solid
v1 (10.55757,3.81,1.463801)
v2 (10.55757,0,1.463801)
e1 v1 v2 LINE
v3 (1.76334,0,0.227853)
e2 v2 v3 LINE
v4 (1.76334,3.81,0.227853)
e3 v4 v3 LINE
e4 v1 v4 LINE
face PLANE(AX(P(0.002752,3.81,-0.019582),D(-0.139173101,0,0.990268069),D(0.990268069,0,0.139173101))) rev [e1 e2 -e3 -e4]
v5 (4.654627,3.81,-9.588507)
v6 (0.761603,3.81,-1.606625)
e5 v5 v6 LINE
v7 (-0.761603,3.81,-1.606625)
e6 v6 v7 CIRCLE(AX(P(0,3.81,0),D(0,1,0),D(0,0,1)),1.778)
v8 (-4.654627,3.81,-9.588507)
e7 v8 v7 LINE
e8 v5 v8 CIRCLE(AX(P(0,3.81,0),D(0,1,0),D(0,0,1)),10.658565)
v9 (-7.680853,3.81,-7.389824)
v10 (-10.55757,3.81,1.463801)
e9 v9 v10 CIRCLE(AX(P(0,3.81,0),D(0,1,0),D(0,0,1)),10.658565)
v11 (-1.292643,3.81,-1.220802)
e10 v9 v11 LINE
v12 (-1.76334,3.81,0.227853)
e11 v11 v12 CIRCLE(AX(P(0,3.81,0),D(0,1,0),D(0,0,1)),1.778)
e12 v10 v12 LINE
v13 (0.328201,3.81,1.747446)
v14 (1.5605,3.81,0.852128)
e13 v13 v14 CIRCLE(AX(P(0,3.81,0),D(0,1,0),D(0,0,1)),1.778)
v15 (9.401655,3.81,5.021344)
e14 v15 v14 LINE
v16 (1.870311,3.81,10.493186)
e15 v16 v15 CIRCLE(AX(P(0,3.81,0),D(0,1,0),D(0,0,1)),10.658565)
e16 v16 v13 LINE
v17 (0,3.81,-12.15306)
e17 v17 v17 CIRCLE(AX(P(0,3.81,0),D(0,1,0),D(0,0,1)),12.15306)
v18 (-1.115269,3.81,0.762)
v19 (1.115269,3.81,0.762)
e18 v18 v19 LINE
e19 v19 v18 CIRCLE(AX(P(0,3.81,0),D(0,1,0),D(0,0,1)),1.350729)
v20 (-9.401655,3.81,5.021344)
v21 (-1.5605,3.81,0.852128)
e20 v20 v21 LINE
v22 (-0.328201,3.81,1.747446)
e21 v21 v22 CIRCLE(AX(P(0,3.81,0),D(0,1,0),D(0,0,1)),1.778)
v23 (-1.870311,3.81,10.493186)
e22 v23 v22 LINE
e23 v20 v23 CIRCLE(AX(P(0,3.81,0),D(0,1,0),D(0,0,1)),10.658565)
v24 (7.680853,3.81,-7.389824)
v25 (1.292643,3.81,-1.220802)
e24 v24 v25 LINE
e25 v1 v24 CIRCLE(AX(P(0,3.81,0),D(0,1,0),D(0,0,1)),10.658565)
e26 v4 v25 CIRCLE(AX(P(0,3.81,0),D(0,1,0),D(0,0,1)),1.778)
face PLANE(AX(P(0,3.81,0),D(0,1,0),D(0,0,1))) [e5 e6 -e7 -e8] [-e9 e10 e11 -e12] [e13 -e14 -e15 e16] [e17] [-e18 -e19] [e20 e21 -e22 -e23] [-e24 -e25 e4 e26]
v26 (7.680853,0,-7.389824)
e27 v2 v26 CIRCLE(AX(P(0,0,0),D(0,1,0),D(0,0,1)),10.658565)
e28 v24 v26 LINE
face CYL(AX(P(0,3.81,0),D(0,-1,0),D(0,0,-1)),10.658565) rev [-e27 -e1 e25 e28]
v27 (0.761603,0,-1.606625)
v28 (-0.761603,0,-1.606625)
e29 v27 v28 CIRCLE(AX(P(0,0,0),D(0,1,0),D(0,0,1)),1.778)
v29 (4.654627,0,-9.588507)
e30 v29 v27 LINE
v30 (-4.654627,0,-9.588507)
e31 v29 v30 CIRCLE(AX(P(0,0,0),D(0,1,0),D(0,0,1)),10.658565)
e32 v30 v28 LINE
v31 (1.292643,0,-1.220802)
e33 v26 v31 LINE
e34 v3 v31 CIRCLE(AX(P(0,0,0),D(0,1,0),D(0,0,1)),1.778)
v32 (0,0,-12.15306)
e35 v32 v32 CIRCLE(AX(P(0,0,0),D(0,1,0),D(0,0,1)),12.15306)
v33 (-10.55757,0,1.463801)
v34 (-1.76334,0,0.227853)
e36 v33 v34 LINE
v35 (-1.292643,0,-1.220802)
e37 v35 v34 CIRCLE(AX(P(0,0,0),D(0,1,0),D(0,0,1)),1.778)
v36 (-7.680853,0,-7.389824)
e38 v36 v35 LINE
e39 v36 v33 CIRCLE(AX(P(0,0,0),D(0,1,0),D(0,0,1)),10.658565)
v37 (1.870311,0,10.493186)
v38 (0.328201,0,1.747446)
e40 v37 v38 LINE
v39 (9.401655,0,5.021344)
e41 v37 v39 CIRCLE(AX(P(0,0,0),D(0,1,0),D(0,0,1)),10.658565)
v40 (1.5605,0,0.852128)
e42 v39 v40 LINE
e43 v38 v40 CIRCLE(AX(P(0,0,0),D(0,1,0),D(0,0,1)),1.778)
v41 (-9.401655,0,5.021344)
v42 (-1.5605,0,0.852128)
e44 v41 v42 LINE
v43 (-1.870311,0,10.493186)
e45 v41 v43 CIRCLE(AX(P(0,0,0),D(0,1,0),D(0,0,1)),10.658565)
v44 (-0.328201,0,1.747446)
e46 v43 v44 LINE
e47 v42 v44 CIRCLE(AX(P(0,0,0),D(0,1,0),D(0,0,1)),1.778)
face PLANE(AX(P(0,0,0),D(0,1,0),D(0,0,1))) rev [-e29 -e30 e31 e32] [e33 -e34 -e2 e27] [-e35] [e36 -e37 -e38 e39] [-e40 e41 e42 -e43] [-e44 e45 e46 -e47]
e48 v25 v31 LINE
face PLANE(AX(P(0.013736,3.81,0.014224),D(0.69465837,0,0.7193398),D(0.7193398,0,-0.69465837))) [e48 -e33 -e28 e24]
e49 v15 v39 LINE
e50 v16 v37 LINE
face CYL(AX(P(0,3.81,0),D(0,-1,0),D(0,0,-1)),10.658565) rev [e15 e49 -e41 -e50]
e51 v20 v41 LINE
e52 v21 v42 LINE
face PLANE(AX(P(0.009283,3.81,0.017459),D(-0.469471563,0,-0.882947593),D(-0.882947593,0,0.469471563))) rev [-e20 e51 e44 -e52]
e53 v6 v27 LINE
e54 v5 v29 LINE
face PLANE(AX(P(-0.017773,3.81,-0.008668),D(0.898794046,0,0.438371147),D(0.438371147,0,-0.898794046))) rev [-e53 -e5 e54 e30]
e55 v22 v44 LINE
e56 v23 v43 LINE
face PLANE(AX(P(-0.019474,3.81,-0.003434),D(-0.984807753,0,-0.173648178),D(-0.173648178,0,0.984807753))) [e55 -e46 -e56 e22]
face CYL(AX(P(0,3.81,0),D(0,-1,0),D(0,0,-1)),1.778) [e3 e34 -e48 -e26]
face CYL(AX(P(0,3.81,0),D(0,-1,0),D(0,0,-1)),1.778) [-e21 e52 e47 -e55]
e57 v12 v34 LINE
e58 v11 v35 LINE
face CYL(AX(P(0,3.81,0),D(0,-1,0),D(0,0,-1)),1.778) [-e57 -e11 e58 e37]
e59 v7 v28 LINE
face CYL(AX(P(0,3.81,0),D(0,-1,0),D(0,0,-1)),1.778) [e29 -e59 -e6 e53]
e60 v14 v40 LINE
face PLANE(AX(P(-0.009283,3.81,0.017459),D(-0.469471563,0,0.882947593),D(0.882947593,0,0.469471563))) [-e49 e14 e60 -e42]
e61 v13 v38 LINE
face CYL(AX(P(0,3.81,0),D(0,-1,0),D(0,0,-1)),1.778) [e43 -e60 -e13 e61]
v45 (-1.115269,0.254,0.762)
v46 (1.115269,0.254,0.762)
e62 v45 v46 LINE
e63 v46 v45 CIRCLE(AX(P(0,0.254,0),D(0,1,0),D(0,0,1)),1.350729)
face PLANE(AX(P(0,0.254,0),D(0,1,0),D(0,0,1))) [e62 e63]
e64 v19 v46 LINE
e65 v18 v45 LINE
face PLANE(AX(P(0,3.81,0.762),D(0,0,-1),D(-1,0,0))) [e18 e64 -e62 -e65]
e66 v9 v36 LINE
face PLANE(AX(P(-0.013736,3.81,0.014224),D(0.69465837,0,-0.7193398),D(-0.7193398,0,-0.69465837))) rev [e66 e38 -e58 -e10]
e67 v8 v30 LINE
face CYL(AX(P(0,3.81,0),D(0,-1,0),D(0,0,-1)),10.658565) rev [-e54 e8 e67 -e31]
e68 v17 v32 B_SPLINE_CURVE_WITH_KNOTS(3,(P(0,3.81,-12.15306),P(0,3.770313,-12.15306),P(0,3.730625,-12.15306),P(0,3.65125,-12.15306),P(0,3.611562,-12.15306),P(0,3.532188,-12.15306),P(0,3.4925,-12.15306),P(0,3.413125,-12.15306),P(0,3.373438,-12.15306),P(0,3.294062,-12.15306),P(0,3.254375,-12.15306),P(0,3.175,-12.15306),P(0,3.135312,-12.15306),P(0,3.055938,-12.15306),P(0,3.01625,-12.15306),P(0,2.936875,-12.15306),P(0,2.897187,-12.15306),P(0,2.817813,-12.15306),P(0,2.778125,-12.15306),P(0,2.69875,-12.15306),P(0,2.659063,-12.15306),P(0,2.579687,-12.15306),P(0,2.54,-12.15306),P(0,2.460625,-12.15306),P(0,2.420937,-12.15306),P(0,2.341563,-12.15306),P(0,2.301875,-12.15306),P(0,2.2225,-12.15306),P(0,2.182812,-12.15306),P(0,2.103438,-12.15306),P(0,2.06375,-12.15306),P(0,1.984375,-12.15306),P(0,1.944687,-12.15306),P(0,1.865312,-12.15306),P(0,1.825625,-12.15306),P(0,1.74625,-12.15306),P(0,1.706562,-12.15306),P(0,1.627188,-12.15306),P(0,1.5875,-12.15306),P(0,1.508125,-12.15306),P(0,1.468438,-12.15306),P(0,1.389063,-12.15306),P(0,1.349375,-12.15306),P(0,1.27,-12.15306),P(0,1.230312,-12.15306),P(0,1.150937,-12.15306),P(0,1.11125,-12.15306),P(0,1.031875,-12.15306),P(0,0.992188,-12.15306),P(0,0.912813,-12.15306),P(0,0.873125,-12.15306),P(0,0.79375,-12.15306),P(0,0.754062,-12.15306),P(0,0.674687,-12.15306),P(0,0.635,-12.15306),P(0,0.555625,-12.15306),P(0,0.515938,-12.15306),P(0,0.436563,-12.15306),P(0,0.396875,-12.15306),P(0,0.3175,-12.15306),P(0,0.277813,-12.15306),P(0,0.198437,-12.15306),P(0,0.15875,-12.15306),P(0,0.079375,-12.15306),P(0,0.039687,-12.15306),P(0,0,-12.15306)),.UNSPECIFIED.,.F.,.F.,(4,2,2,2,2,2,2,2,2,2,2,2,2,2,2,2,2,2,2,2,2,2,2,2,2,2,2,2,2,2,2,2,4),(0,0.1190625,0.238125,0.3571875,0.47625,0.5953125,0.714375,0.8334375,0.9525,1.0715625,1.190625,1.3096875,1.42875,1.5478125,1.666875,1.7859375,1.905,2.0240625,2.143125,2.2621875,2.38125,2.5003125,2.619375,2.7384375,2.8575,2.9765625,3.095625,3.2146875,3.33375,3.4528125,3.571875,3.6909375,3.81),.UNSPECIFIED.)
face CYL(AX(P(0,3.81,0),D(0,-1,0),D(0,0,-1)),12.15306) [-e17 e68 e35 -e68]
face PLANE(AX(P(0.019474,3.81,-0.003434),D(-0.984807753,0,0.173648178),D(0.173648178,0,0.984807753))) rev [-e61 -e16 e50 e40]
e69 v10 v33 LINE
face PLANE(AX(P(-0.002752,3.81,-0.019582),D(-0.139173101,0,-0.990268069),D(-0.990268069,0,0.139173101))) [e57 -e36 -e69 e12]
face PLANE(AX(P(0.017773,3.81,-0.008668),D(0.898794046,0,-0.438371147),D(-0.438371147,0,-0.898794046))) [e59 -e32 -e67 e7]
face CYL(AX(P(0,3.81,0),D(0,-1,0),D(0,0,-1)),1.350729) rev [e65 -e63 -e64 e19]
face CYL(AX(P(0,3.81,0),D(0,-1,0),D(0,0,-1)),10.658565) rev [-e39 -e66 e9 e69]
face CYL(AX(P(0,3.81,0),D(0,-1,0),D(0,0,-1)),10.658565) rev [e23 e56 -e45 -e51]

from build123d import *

# Parameters (mm, degrees)
SKETCH1_R           = 12.153059969
BOSS_EXTRUDE1_DEPTH = 3.81
SKETCH1_8_R         = 1.350728719
BOSS_EXTRUDE3_DEPTH = 0.254


with BuildPart() as part:
    # Sketch1 → Boss-Extrude1 (new body)
    with BuildSketch(Plane(origin=(0, 0, 0), x_dir=(1, 0, 0), z_dir=(0, 1, 0))):
        Circle(SKETCH1_R)
        with BuildLine():
            Line((1.11526861, -0.762), (-1.11526861, -0.762))
            ThreePointArc((-1.11526861, -0.762), (0, 1.350728719), (1.11526861, -0.762))
        make_face(mode=Mode.SUBTRACT)
        with BuildLine():
            Line((-9.401654798, -5.02134393), (-1.560500416, -0.85212819))
            ThreePointArc((-1.560500416, -0.85212819), (-1.045082179, -1.438432216), (-0.32820092, -1.747446181))
            Line((-0.32820092, -1.747446181), (-1.870310758, -10.493185668))
            ThreePointArc((-1.870310758, -10.493185668), (-6.264947316, -8.622960218), (-9.401654798, -5.02134393))
        make_face(mode=Mode.SUBTRACT)
        with BuildLine():
            Line((-1.763339739, -0.227852943), (-10.557570415, -1.463801463))
            ThreePointArc((-10.557570415, -1.463801463), (-10.136897695, 3.29367772), (-7.680852973, 7.38982445))
            Line((-7.680852973, 7.38982445), (-1.292643216, 1.220801997))
            ThreePointArc((-1.292643216, 1.220801997), (-1.690978486, 0.549432216), (-1.763339739, -0.227852943))
        make_face(mode=Mode.SUBTRACT)
        with BuildLine():
            ThreePointArc((9.401654798, -5.02134393), (6.264947316, -8.622960218), (1.870310758, -10.493185668))
            Line((1.870310758, -10.493185668), (0.32820092, -1.747446181))
            ThreePointArc((0.32820092, -1.747446181), (1.045082179, -1.438432216), (1.560500416, -0.85212819))
            Line((1.560500416, -0.85212819), (9.401654798, -5.02134393))
        make_face(mode=Mode.SUBTRACT)
        with BuildLine():
            Line((10.557570415, -1.463801463), (1.763339739, -0.227852943))
            ThreePointArc((1.763339739, -0.227852943), (1.690978486, 0.549432216), (1.292643216, 1.220801997))
            Line((1.292643216, 1.220801997), (7.680852973, 7.38982445))
            ThreePointArc((7.680852973, 7.38982445), (10.136897695, 3.29367772), (10.557570415, -1.463801463))
        make_face(mode=Mode.SUBTRACT)
        with BuildLine():
            ThreePointArc((-4.654626598, 9.588506611), (0, 10.658564997), (4.654626598, 9.588506611))
            Line((4.654626598, 9.588506611), (0.761602973, 1.606625318))
            ThreePointArc((0.761602973, 1.606625318), (0, 1.778), (-0.761602973, 1.606625318))
            Line((-0.761602973, 1.606625318), (-4.654626598, 9.588506611))
        make_face(mode=Mode.SUBTRACT)
    extrude(amount=BOSS_EXTRUDE1_DEPTH)

    # Sketch1<8> → Boss-Extrude3 (add)
    with BuildSketch(Plane(origin=(0, 0, 0), x_dir=(1, 0, 0), z_dir=(0, 1, 0))):
        Circle(SKETCH1_8_R)
    extrude(amount=BOSS_EXTRUDE3_DEPTH)


solid = part.part
